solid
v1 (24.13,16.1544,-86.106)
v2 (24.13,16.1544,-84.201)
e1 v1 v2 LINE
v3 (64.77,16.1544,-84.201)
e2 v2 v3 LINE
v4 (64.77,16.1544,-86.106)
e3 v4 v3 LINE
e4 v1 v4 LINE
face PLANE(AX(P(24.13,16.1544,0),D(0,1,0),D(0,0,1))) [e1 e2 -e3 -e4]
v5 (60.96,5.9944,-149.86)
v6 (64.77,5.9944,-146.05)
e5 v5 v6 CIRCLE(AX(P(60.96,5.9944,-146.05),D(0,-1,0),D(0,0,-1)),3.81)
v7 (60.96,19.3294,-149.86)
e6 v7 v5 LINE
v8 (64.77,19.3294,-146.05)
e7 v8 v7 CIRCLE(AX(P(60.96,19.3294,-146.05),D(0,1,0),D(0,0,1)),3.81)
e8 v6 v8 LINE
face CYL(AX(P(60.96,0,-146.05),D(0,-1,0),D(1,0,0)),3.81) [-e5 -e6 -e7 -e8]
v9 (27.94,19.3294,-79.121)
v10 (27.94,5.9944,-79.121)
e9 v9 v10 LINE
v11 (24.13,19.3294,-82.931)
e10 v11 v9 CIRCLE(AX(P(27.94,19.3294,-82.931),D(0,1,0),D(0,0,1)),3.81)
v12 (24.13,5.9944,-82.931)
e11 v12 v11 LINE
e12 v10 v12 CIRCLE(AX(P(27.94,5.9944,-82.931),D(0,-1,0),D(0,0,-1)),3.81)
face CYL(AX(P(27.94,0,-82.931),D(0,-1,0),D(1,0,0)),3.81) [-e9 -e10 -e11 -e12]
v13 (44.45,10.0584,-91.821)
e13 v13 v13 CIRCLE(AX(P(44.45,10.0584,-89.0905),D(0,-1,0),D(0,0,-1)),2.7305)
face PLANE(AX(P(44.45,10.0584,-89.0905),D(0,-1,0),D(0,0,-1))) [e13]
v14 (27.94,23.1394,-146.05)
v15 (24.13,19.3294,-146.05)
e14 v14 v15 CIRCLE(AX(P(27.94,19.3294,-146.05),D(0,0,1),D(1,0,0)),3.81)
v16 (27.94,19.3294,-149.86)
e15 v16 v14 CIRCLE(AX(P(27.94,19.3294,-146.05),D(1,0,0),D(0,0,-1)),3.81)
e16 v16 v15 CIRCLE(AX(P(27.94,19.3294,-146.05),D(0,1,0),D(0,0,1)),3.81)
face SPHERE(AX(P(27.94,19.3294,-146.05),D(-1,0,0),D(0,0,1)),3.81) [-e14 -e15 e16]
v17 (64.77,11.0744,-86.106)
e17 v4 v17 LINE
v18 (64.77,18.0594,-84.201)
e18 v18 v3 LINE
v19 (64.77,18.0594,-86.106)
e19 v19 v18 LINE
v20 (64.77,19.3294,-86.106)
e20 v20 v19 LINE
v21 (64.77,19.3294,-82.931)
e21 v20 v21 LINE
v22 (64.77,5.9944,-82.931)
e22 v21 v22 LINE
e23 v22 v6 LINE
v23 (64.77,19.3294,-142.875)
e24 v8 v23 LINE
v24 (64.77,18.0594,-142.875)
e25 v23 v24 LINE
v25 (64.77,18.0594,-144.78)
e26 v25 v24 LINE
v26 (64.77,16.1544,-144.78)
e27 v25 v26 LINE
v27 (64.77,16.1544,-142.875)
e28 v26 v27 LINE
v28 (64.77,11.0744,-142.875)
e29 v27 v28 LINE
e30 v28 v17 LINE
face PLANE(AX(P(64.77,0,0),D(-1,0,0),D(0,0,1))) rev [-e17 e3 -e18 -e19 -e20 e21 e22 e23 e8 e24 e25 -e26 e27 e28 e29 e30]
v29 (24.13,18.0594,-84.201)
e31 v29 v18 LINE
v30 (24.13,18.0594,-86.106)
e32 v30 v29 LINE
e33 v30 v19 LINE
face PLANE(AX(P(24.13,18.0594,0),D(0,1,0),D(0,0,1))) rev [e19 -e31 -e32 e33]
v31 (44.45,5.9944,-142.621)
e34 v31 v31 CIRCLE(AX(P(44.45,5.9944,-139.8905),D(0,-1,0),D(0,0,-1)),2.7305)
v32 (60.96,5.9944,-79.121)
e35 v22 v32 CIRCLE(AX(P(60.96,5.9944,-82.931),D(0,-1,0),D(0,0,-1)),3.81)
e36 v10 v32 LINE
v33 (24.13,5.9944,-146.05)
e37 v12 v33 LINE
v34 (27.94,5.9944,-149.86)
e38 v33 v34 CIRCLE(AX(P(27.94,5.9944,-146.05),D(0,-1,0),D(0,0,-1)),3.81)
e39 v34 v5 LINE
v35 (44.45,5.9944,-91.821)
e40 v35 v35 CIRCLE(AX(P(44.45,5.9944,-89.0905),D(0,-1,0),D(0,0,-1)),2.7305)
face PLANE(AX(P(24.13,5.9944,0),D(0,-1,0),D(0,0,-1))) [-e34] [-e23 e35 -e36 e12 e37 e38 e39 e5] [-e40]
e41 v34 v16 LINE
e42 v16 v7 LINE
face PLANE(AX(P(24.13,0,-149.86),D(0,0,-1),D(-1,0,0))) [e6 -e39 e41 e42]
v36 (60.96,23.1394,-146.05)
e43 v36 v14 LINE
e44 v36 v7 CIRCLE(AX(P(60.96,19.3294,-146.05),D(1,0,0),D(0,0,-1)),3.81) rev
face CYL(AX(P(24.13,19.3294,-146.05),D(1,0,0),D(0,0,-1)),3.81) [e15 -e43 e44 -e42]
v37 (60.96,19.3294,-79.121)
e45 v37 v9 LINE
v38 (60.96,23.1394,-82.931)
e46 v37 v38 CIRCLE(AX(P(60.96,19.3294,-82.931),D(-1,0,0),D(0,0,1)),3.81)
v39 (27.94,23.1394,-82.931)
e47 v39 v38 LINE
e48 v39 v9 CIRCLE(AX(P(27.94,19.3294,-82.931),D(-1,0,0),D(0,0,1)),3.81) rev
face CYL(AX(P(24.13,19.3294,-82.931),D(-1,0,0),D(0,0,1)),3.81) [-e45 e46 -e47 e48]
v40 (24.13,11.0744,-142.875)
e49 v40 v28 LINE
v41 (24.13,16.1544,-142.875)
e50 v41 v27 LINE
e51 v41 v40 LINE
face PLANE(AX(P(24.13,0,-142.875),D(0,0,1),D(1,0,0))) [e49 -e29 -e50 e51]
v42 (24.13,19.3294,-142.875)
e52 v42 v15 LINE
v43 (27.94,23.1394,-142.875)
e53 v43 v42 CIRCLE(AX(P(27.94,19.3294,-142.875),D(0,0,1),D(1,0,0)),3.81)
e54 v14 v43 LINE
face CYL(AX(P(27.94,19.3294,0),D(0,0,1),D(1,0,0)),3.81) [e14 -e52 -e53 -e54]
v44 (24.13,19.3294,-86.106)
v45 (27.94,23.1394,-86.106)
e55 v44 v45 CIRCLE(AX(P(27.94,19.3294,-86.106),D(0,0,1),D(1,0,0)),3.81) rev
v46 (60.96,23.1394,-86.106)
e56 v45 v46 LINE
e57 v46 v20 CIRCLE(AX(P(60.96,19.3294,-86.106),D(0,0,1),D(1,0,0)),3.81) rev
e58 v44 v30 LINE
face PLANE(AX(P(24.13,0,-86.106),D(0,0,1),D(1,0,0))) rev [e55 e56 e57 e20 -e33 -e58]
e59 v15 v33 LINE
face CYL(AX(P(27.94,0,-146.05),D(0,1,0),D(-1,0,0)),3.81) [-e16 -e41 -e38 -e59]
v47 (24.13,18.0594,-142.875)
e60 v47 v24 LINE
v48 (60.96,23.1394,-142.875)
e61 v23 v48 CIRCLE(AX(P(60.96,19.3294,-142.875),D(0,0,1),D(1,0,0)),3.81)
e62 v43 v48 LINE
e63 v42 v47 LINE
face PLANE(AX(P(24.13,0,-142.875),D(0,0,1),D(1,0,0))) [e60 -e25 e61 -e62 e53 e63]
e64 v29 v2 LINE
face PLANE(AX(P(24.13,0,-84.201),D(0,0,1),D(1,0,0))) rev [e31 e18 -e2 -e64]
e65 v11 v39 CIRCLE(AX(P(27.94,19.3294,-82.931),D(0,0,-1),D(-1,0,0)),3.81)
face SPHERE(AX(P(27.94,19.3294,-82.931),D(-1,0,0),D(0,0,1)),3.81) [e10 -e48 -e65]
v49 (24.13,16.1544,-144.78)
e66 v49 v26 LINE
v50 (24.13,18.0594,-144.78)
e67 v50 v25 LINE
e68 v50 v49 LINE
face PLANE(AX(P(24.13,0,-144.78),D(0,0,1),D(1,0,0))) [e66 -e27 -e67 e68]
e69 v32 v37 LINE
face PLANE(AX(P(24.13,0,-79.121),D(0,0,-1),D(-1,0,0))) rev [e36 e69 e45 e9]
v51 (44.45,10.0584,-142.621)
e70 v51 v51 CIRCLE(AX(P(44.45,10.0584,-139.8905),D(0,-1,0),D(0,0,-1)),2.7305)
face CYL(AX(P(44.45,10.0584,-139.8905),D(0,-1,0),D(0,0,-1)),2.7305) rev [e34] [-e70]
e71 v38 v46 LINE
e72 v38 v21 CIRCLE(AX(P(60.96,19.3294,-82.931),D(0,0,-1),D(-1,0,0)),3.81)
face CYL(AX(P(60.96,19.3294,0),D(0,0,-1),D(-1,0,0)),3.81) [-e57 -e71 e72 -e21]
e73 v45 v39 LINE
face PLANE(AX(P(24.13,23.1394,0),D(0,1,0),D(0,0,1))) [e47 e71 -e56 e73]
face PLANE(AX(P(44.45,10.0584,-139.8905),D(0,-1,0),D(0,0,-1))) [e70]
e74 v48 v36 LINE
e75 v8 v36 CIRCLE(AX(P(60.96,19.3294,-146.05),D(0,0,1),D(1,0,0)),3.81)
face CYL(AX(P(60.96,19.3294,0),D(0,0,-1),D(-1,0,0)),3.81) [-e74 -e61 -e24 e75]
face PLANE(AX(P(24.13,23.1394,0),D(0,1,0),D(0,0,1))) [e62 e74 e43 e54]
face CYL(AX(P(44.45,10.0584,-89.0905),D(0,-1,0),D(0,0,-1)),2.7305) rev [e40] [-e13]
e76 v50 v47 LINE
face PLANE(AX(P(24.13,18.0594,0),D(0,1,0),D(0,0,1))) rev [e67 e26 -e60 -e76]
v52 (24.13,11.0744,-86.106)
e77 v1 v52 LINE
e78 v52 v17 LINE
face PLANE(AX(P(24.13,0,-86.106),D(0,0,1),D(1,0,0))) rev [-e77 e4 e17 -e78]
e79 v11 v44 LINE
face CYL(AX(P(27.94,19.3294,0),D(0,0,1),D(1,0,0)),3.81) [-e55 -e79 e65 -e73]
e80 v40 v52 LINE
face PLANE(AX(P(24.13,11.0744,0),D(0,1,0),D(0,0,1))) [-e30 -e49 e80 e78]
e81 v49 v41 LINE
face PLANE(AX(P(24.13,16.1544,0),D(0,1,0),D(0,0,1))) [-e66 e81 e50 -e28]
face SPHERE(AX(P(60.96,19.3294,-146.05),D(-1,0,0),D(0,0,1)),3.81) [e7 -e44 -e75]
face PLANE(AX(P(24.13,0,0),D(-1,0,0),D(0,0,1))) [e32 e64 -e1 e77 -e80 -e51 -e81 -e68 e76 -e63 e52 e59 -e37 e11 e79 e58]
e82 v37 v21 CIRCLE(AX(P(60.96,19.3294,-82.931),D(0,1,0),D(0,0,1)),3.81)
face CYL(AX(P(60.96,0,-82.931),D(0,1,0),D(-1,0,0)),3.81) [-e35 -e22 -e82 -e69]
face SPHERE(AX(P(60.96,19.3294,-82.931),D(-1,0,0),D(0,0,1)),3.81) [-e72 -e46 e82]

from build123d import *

# Parameters (mm, degrees)
SKETCH2_W               = 88.9
SKETCH2_H               = 152.4
BOSS_EXTRUDE1_DEPTH     = 5.9944
SKETCH4_R               = 2.7305
CUT_EXTRUDE2_DEPTH      = 1
CUT_EXTRUDE2_DEPTH_BACK = 6.9944
BOSS_EXTRUDE3_DEPTH     = 20.32
FILLET3_R               = 3.81
FILLET6_R               = 3.81
SKETCH7_W               = 2.54
SKETCH7_H               = 152.4
CUT_EXTRUDE3_DEPTH      = 18.145
CUT_EXTRUDE3_DEPTH_BACK = 6.9944
SKETCH8_W               = 86.36
SKETCH8_H               = 152.4
SKETCH8_R               = 2.7305
CUT_EXTRUDE5_DEPTH      = 5.9944
SKETCH9_R               = 2.7305
CUT_EXTRUDE6_DEPTH      = 4.064


with BuildPart() as part:
    # Sketch2 → Boss-Extrude1 (new body)
    with BuildSketch(Plane(origin=(0, 0, 0), x_dir=(1, 0, 0), z_dir=(0, 1, 0))):
        with Locations((44.45, 76.2)):
            Rectangle(SKETCH2_W, SKETCH2_H)
    extrude(amount=BOSS_EXTRUDE1_DEPTH)

    # Sketch4 → Cut-Extrude2 (cut, two sides)
    with BuildSketch(Plane(origin=(0, 5.9944, 0), x_dir=(1, 0, 0), z_dir=(0, 1, 0))) as cut_extrude2_sk:
        with Locations((45.72, 109.871331367)):
            Circle(SKETCH4_R)
        with Locations((45.72, 33.671331367)):
            Circle(SKETCH4_R)
    extrude(amount=CUT_EXTRUDE2_DEPTH, mode=Mode.SUBTRACT)
    extrude(cut_extrude2_sk.sketch, amount=-CUT_EXTRUDE2_DEPTH_BACK, mode=Mode.SUBTRACT)

    # Sketch6 → Boss-Extrude3 (add, symmetric)
    with BuildSketch(Plane.ZY.offset(-44.45)):
        Polygon((-149.86, 5.9944), (-79.121, 5.9944), (-79.121, 23.1394), (-86.106, 23.1394), (-86.106, 18.0594), (-84.201, 18.0594), (-84.201, 16.1544), (-86.106, 16.1544), (-86.106, 11.0744), (-142.875, 11.0744), (-142.875, 16.1544), (-144.78, 16.1544), (-144.78, 18.0594), (-142.875, 18.0594), (-142.875, 23.1394), (-149.86, 23.1394), align=None)
    extrude(amount=BOSS_EXTRUDE3_DEPTH, both=True)

    # Fillet3
    fillet3_edges = [part.edges().sort_by_distance(p)[0] for p in [
        (44.45, 23.1394, -149.86),
        (44.45, 23.1394, -79.121),
    ]]
    fillet(fillet3_edges, radius=FILLET3_R)

    # Fillet6
    fillet6_edges = [part.edges().sort_by_distance(p)[0] for p in [
        (24.13, 12.6619, -149.86),
        (64.77, 12.6619, -79.121),
        (24.13, 23.1394, -84.5185),
        (24.13, 12.6619, -79.121),
        (64.77, 23.1394, -84.5185),
        (64.77, 12.6619, -149.86),
        (64.77, 23.1394, -144.4625),
        (64.77, 22.023476836, -148.744076836),
        (64.77, 22.023476836, -80.236923164),
        (24.13, 23.1394, -144.4625),
        (24.13, 22.023476836, -148.744076836),
        (24.13, 22.023476836, -80.236923164),
    ]]
    fillet(fillet6_edges, radius=FILLET6_R)

    # Sketch7 → Cut-Extrude3 (cut, two sides)
    with BuildSketch(Plane(origin=(0, 5.9944, 0), x_dir=(1, 0, 0), z_dir=(0, 1, 0))) as cut_extrude3_sk:
        with Locations((1.27, 76.2)):
            Rectangle(SKETCH7_W, SKETCH7_H)
    extrude(amount=CUT_EXTRUDE3_DEPTH, mode=Mode.SUBTRACT)
    extrude(cut_extrude3_sk.sketch, amount=-CUT_EXTRUDE3_DEPTH_BACK, mode=Mode.SUBTRACT)

    # Sketch8 → Cut-Extrude5 (cut)
    with BuildSketch(Plane.XZ):
        with Locations((45.72, -76.2)):
            Rectangle(SKETCH8_W, SKETCH8_H)
        with Locations((45.72, -33.671331367)):
            Circle(SKETCH8_R, mode=Mode.SUBTRACT)
        with Locations((45.72, -109.871331367)):
            Circle(SKETCH8_R, mode=Mode.SUBTRACT)
    extrude(amount=-CUT_EXTRUDE5_DEPTH, mode=Mode.SUBTRACT)

    # Sketch9 → Cut-Extrude6 (cut)
    with BuildSketch(Plane.XZ.offset(-5.9944)):
        with Locations((44.45, -89.0905)):
            Circle(SKETCH9_R)
        with Locations((44.45, -139.8905)):
            Circle(SKETCH9_R)
    extrude(amount=-CUT_EXTRUDE6_DEPTH, mode=Mode.SUBTRACT)


solid = part.part
